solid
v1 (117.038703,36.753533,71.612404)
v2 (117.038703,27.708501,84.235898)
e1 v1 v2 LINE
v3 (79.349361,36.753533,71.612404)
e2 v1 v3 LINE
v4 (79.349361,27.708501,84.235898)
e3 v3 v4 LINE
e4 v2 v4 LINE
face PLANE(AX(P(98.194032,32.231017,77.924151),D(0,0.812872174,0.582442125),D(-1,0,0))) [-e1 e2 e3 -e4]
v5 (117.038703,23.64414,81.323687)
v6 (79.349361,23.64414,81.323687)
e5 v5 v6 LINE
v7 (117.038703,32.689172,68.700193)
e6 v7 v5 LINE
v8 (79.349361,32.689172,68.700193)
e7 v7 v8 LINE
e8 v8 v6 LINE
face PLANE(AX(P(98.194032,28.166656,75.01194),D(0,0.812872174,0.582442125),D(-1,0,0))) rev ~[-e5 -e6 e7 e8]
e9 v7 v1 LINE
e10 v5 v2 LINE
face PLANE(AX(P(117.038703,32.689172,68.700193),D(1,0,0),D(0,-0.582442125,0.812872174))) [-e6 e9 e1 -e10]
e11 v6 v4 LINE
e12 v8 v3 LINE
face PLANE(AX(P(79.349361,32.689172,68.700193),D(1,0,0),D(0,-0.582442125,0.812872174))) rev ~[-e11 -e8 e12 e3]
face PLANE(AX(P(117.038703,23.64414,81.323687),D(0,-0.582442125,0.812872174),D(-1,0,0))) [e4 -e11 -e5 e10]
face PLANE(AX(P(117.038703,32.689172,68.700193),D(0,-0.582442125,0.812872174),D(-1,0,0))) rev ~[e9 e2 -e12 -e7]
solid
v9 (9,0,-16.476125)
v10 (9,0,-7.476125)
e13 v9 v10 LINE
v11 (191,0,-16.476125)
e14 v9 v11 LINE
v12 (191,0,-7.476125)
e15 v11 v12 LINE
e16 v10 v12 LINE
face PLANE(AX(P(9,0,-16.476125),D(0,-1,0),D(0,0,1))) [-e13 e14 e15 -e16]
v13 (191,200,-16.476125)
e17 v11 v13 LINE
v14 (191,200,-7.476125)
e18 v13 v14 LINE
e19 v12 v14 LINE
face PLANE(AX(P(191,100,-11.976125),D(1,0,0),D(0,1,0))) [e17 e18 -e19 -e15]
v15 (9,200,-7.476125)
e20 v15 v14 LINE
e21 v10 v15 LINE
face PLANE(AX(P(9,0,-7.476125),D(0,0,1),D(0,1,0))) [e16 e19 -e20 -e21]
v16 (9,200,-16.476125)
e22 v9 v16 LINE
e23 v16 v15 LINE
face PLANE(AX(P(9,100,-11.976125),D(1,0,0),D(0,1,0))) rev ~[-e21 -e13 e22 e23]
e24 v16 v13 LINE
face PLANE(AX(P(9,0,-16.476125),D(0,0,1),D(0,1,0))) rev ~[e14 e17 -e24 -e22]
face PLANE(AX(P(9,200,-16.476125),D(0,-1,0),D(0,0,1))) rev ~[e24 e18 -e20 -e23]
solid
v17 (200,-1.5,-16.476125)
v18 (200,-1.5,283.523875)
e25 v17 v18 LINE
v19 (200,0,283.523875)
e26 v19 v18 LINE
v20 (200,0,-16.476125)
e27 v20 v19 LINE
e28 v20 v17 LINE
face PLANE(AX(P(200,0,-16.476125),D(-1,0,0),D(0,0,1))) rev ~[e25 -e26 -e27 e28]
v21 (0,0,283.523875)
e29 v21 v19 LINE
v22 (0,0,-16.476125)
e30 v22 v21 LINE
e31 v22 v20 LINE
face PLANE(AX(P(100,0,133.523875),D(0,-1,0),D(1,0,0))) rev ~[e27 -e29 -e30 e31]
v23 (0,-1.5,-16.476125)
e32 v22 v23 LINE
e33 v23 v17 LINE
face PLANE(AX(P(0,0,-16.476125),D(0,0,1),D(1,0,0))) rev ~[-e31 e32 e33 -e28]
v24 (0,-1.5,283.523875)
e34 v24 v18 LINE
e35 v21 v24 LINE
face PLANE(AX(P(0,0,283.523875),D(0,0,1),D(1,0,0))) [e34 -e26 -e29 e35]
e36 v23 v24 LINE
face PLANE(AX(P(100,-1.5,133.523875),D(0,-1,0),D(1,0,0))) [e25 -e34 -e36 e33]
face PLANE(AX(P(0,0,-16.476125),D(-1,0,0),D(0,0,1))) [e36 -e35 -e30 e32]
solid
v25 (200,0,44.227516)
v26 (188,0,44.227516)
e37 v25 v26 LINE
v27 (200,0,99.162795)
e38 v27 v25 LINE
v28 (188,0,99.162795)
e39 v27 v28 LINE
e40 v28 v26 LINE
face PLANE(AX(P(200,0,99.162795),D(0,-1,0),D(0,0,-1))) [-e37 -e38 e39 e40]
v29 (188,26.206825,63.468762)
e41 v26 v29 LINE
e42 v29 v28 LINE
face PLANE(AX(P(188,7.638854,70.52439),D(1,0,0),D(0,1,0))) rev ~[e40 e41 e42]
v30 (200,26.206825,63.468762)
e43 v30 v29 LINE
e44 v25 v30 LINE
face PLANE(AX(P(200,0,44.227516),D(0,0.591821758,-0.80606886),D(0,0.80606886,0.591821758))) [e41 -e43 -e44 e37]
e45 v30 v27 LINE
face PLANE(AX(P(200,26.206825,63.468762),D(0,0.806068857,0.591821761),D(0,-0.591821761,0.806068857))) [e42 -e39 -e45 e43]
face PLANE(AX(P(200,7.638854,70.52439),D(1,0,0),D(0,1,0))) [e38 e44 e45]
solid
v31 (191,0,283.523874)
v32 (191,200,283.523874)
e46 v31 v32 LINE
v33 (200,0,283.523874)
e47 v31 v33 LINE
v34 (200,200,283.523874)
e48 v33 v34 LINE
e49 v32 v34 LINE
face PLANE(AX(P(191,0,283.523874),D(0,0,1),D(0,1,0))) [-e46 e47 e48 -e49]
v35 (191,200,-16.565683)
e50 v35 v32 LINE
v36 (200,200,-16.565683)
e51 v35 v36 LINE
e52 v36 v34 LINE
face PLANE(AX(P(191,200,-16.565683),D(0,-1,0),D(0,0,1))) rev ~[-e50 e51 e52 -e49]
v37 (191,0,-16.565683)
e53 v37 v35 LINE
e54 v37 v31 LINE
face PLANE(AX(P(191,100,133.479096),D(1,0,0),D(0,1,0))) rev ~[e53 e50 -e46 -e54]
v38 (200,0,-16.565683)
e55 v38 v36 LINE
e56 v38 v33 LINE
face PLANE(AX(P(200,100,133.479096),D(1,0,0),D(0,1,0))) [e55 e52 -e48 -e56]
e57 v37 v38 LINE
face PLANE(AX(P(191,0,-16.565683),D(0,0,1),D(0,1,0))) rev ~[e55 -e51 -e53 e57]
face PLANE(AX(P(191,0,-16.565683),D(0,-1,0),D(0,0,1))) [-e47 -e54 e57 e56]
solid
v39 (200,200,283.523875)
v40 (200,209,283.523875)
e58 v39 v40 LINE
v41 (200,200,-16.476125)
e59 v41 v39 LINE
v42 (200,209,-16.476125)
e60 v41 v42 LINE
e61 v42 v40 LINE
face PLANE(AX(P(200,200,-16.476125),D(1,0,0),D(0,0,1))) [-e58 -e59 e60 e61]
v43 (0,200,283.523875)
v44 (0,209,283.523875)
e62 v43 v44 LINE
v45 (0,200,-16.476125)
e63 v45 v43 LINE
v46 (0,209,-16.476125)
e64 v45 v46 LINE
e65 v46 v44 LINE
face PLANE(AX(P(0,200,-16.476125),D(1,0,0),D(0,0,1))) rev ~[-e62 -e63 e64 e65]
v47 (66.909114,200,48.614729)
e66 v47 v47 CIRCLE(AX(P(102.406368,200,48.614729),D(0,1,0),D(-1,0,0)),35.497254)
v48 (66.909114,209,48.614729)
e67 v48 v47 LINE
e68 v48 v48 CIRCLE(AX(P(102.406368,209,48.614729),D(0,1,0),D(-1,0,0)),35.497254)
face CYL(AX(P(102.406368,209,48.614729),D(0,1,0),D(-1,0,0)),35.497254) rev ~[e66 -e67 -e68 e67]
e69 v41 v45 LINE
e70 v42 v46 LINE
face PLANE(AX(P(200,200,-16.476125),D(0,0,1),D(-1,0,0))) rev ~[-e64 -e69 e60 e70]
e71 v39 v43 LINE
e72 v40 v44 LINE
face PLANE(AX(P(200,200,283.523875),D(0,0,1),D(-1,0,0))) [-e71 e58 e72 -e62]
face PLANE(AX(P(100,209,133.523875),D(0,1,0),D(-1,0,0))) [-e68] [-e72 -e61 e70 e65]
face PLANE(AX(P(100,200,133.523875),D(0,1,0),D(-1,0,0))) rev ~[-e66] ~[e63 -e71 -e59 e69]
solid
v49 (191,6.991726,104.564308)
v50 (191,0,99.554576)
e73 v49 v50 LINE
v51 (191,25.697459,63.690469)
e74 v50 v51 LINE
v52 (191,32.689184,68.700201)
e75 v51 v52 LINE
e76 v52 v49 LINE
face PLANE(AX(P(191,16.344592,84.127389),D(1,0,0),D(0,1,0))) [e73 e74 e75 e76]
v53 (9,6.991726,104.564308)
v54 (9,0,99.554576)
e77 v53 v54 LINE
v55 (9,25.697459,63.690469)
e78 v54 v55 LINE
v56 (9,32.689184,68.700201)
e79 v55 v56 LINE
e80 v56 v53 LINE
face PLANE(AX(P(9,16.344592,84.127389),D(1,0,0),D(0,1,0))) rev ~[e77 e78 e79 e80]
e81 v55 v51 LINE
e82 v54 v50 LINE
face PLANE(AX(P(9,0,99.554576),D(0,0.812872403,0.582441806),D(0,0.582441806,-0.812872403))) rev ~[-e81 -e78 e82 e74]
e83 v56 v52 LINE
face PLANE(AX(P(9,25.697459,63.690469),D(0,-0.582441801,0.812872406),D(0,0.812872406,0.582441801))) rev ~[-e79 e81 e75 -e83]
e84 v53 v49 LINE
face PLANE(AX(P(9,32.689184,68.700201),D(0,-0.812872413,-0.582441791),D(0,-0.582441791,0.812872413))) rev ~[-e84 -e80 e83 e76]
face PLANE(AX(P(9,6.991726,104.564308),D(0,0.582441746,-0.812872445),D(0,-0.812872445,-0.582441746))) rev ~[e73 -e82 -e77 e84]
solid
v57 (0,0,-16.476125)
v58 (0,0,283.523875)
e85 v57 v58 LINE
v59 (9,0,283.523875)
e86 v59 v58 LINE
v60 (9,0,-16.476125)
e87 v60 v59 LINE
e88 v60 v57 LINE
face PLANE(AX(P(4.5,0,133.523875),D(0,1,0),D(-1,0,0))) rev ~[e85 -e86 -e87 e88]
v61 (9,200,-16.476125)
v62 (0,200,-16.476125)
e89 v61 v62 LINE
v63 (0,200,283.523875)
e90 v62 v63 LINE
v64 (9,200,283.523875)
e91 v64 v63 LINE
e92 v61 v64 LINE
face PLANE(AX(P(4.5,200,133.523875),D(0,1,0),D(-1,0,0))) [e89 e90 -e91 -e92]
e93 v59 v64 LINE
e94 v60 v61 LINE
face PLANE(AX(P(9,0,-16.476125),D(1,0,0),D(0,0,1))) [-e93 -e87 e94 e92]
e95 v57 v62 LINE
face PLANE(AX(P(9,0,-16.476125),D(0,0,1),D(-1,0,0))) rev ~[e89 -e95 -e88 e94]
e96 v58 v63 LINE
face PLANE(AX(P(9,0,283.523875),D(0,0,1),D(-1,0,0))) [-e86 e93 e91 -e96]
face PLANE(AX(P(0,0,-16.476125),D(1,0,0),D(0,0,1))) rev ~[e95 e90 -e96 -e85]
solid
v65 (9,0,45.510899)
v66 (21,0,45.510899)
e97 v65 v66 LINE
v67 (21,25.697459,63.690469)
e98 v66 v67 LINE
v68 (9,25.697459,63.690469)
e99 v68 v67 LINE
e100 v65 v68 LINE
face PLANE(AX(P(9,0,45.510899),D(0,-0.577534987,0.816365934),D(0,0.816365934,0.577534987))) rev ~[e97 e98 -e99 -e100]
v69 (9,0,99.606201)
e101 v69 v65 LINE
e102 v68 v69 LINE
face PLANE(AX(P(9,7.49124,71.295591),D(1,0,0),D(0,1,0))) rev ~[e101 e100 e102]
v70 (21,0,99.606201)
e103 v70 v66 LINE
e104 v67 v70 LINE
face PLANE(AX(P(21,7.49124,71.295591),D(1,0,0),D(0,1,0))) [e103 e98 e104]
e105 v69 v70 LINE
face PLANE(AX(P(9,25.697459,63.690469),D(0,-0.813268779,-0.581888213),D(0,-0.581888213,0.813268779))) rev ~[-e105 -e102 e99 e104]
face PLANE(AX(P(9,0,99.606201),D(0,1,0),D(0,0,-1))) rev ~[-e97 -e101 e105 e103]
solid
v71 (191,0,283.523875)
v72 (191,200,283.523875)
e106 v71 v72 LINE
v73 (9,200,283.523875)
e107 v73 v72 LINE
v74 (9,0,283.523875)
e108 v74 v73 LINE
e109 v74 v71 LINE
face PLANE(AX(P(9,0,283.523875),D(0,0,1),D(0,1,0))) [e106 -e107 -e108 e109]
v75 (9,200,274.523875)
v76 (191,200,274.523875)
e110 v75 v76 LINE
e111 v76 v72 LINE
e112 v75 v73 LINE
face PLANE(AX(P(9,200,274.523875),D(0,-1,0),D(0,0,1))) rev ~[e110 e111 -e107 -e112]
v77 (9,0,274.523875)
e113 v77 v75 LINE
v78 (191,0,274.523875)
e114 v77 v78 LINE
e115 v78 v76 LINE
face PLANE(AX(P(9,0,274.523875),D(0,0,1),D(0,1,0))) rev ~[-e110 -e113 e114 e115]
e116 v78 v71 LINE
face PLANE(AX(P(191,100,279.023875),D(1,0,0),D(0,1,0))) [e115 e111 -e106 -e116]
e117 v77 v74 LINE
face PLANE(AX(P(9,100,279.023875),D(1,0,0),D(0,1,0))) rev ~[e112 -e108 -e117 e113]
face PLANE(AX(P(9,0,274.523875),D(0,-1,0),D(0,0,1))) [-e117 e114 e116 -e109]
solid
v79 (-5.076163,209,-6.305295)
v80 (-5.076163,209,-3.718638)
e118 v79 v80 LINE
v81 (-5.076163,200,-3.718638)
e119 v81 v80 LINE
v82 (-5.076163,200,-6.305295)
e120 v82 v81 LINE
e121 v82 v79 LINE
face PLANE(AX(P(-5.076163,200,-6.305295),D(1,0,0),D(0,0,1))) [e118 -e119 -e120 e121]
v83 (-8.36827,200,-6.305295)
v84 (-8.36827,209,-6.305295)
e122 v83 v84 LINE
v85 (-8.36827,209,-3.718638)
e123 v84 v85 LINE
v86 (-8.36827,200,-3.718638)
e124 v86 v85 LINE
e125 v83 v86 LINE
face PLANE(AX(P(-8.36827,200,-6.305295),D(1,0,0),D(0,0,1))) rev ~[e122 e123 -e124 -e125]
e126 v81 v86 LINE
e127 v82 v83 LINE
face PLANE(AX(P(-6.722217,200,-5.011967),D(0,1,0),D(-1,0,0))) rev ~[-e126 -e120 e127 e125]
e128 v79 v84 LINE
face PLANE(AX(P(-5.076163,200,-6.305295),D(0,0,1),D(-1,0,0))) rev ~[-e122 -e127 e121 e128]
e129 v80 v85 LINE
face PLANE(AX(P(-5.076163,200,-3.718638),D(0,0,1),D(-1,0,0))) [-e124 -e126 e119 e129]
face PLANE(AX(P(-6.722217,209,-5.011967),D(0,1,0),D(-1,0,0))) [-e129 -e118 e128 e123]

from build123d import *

# Parameters (mm, degrees)
F0_W      = 200
F0_H      = 300
F1_DEPTH  = 1.5
F2_W      = 9
F2_H      = 300
F3_DEPTH  = 200
F5_DEPTH  = 12
F7_DEPTH  = 182
F8_W      = 37.689343
F8_H      = 15.529495
F9_DEPTH  = 5
F10_W     = 200
F10_H     = 9
F11_DEPTH = 182
F12_W     = 200
F12_H     = 9
F13_DEPTH = 182
F14_W     = 200
F14_H     = 300.089557
F15_DEPTH = 9
F16_W     = 200
F16_H     = 300
F16_W_2   = 3.292107
F16_H_2   = 2.586657
F17_DEPTH = 9
F18_R     = 35.497254
F19_DEPTH = 9
F21_DEPTH = 12


with BuildPart() as f1:
    # F0 (on Front) → F1 (new body)
    with BuildSketch(Plane.XZ):
        with Locations((100, 133.523875)):
            Rectangle(F0_W, F0_H)
    extrude(amount=F1_DEPTH)


with BuildPart() as f3:
    # F2 (on face) → F3 (new body)
    with BuildSketch(Plane(origin=(0, 0, 0), x_dir=(-1, 0, 0), z_dir=(0, 1, 0))):
        with Locations((-4.5, 133.523875)):
            Rectangle(F2_W, F2_H)
    extrude(amount=F3_DEPTH)


with BuildPart() as f5:
    # F4 (on face) → F5 (new body)
    with BuildSketch(Plane.YZ.offset(9)):
        Polygon((25.697459, 63.690469), (0, 99.606201), (0, 45.510899), align=None)
    extrude(amount=F5_DEPTH)


with BuildPart() as f7:
    # F6 (on face) → F7 (new body)
    with BuildSketch(Plane.YZ.offset(9)):
        Polygon((0, 99.554576), (25.697459, 63.690469), (32.689184, 68.700201), (6.991726, 104.564308), align=None)
    extrude(amount=F7_DEPTH)


with BuildPart() as f9:
    # F8 (on face) → F9 (new body)
    with BuildSketch(Plane(origin=(0, 54.125926, 38.782472), x_dir=(-1, 0, 0), z_dir=(0, 0.812872, 0.582442))):
        with Locations((-98.194032, 44.569699)):
            Rectangle(F8_W, F8_H)
    extrude(amount=F9_DEPTH)


with BuildPart() as f11:
    # F10 (on face) → F11 (new body)
    with BuildSketch(Plane.YZ.offset(9)):
        with Locations((100, 279.023875)):
            Rectangle(F10_W, F10_H)
    extrude(amount=F11_DEPTH)


with BuildPart() as f13:
    # F12 (on face) → F13 (new body)
    with BuildSketch(Plane.YZ.offset(9)):
        with Locations((100, -11.976125)):
            Rectangle(F12_W, F12_H)
    extrude(amount=F13_DEPTH)


with BuildPart() as f15:
    # F14 (on face) → F15 (new body)
    with BuildSketch(Plane.YZ.offset(191)):
        with Locations((100, 133.479096)):
            Rectangle(F14_W, F14_H)
    extrude(amount=F15_DEPTH)


with BuildPart() as f17:
    # F16 (on face) → F17 (new body)
    with BuildSketch(Plane(origin=(0, 200, 0), x_dir=(-1, 0, 0), z_dir=(0, 1, 0))):
        with Locations((-100, 133.523875)):
            Rectangle(F16_W, F16_H)
        with Locations((6.722217, -5.011967)):
            Rectangle(F16_W_2, F16_H_2)
    extrude(amount=F17_DEPTH)

    # F18 (on face) → F19 (cut)
    with BuildSketch(Plane(origin=(0, 209, 0), x_dir=(-1, 0, 0), z_dir=(0, 1, 0))):
        with Locations((-102.406368, 48.614729)):
            Circle(F18_R)
    extrude(amount=-F19_DEPTH, mode=Mode.SUBTRACT)


with BuildPart() as f21:
    # F20 (on face) → F21 (new body)
    with BuildSketch(Plane.YZ.offset(200)):
        Polygon((26.206825, 63.468762), (0, 99.162795), (0, 44.227516), align=None)
    extrude(amount=-F21_DEPTH)


solid = Compound([f1.part, f3.part, f5.part, f7.part, f9.part, f11.part, f13.part, f15.part, f17.part, f21.part])
